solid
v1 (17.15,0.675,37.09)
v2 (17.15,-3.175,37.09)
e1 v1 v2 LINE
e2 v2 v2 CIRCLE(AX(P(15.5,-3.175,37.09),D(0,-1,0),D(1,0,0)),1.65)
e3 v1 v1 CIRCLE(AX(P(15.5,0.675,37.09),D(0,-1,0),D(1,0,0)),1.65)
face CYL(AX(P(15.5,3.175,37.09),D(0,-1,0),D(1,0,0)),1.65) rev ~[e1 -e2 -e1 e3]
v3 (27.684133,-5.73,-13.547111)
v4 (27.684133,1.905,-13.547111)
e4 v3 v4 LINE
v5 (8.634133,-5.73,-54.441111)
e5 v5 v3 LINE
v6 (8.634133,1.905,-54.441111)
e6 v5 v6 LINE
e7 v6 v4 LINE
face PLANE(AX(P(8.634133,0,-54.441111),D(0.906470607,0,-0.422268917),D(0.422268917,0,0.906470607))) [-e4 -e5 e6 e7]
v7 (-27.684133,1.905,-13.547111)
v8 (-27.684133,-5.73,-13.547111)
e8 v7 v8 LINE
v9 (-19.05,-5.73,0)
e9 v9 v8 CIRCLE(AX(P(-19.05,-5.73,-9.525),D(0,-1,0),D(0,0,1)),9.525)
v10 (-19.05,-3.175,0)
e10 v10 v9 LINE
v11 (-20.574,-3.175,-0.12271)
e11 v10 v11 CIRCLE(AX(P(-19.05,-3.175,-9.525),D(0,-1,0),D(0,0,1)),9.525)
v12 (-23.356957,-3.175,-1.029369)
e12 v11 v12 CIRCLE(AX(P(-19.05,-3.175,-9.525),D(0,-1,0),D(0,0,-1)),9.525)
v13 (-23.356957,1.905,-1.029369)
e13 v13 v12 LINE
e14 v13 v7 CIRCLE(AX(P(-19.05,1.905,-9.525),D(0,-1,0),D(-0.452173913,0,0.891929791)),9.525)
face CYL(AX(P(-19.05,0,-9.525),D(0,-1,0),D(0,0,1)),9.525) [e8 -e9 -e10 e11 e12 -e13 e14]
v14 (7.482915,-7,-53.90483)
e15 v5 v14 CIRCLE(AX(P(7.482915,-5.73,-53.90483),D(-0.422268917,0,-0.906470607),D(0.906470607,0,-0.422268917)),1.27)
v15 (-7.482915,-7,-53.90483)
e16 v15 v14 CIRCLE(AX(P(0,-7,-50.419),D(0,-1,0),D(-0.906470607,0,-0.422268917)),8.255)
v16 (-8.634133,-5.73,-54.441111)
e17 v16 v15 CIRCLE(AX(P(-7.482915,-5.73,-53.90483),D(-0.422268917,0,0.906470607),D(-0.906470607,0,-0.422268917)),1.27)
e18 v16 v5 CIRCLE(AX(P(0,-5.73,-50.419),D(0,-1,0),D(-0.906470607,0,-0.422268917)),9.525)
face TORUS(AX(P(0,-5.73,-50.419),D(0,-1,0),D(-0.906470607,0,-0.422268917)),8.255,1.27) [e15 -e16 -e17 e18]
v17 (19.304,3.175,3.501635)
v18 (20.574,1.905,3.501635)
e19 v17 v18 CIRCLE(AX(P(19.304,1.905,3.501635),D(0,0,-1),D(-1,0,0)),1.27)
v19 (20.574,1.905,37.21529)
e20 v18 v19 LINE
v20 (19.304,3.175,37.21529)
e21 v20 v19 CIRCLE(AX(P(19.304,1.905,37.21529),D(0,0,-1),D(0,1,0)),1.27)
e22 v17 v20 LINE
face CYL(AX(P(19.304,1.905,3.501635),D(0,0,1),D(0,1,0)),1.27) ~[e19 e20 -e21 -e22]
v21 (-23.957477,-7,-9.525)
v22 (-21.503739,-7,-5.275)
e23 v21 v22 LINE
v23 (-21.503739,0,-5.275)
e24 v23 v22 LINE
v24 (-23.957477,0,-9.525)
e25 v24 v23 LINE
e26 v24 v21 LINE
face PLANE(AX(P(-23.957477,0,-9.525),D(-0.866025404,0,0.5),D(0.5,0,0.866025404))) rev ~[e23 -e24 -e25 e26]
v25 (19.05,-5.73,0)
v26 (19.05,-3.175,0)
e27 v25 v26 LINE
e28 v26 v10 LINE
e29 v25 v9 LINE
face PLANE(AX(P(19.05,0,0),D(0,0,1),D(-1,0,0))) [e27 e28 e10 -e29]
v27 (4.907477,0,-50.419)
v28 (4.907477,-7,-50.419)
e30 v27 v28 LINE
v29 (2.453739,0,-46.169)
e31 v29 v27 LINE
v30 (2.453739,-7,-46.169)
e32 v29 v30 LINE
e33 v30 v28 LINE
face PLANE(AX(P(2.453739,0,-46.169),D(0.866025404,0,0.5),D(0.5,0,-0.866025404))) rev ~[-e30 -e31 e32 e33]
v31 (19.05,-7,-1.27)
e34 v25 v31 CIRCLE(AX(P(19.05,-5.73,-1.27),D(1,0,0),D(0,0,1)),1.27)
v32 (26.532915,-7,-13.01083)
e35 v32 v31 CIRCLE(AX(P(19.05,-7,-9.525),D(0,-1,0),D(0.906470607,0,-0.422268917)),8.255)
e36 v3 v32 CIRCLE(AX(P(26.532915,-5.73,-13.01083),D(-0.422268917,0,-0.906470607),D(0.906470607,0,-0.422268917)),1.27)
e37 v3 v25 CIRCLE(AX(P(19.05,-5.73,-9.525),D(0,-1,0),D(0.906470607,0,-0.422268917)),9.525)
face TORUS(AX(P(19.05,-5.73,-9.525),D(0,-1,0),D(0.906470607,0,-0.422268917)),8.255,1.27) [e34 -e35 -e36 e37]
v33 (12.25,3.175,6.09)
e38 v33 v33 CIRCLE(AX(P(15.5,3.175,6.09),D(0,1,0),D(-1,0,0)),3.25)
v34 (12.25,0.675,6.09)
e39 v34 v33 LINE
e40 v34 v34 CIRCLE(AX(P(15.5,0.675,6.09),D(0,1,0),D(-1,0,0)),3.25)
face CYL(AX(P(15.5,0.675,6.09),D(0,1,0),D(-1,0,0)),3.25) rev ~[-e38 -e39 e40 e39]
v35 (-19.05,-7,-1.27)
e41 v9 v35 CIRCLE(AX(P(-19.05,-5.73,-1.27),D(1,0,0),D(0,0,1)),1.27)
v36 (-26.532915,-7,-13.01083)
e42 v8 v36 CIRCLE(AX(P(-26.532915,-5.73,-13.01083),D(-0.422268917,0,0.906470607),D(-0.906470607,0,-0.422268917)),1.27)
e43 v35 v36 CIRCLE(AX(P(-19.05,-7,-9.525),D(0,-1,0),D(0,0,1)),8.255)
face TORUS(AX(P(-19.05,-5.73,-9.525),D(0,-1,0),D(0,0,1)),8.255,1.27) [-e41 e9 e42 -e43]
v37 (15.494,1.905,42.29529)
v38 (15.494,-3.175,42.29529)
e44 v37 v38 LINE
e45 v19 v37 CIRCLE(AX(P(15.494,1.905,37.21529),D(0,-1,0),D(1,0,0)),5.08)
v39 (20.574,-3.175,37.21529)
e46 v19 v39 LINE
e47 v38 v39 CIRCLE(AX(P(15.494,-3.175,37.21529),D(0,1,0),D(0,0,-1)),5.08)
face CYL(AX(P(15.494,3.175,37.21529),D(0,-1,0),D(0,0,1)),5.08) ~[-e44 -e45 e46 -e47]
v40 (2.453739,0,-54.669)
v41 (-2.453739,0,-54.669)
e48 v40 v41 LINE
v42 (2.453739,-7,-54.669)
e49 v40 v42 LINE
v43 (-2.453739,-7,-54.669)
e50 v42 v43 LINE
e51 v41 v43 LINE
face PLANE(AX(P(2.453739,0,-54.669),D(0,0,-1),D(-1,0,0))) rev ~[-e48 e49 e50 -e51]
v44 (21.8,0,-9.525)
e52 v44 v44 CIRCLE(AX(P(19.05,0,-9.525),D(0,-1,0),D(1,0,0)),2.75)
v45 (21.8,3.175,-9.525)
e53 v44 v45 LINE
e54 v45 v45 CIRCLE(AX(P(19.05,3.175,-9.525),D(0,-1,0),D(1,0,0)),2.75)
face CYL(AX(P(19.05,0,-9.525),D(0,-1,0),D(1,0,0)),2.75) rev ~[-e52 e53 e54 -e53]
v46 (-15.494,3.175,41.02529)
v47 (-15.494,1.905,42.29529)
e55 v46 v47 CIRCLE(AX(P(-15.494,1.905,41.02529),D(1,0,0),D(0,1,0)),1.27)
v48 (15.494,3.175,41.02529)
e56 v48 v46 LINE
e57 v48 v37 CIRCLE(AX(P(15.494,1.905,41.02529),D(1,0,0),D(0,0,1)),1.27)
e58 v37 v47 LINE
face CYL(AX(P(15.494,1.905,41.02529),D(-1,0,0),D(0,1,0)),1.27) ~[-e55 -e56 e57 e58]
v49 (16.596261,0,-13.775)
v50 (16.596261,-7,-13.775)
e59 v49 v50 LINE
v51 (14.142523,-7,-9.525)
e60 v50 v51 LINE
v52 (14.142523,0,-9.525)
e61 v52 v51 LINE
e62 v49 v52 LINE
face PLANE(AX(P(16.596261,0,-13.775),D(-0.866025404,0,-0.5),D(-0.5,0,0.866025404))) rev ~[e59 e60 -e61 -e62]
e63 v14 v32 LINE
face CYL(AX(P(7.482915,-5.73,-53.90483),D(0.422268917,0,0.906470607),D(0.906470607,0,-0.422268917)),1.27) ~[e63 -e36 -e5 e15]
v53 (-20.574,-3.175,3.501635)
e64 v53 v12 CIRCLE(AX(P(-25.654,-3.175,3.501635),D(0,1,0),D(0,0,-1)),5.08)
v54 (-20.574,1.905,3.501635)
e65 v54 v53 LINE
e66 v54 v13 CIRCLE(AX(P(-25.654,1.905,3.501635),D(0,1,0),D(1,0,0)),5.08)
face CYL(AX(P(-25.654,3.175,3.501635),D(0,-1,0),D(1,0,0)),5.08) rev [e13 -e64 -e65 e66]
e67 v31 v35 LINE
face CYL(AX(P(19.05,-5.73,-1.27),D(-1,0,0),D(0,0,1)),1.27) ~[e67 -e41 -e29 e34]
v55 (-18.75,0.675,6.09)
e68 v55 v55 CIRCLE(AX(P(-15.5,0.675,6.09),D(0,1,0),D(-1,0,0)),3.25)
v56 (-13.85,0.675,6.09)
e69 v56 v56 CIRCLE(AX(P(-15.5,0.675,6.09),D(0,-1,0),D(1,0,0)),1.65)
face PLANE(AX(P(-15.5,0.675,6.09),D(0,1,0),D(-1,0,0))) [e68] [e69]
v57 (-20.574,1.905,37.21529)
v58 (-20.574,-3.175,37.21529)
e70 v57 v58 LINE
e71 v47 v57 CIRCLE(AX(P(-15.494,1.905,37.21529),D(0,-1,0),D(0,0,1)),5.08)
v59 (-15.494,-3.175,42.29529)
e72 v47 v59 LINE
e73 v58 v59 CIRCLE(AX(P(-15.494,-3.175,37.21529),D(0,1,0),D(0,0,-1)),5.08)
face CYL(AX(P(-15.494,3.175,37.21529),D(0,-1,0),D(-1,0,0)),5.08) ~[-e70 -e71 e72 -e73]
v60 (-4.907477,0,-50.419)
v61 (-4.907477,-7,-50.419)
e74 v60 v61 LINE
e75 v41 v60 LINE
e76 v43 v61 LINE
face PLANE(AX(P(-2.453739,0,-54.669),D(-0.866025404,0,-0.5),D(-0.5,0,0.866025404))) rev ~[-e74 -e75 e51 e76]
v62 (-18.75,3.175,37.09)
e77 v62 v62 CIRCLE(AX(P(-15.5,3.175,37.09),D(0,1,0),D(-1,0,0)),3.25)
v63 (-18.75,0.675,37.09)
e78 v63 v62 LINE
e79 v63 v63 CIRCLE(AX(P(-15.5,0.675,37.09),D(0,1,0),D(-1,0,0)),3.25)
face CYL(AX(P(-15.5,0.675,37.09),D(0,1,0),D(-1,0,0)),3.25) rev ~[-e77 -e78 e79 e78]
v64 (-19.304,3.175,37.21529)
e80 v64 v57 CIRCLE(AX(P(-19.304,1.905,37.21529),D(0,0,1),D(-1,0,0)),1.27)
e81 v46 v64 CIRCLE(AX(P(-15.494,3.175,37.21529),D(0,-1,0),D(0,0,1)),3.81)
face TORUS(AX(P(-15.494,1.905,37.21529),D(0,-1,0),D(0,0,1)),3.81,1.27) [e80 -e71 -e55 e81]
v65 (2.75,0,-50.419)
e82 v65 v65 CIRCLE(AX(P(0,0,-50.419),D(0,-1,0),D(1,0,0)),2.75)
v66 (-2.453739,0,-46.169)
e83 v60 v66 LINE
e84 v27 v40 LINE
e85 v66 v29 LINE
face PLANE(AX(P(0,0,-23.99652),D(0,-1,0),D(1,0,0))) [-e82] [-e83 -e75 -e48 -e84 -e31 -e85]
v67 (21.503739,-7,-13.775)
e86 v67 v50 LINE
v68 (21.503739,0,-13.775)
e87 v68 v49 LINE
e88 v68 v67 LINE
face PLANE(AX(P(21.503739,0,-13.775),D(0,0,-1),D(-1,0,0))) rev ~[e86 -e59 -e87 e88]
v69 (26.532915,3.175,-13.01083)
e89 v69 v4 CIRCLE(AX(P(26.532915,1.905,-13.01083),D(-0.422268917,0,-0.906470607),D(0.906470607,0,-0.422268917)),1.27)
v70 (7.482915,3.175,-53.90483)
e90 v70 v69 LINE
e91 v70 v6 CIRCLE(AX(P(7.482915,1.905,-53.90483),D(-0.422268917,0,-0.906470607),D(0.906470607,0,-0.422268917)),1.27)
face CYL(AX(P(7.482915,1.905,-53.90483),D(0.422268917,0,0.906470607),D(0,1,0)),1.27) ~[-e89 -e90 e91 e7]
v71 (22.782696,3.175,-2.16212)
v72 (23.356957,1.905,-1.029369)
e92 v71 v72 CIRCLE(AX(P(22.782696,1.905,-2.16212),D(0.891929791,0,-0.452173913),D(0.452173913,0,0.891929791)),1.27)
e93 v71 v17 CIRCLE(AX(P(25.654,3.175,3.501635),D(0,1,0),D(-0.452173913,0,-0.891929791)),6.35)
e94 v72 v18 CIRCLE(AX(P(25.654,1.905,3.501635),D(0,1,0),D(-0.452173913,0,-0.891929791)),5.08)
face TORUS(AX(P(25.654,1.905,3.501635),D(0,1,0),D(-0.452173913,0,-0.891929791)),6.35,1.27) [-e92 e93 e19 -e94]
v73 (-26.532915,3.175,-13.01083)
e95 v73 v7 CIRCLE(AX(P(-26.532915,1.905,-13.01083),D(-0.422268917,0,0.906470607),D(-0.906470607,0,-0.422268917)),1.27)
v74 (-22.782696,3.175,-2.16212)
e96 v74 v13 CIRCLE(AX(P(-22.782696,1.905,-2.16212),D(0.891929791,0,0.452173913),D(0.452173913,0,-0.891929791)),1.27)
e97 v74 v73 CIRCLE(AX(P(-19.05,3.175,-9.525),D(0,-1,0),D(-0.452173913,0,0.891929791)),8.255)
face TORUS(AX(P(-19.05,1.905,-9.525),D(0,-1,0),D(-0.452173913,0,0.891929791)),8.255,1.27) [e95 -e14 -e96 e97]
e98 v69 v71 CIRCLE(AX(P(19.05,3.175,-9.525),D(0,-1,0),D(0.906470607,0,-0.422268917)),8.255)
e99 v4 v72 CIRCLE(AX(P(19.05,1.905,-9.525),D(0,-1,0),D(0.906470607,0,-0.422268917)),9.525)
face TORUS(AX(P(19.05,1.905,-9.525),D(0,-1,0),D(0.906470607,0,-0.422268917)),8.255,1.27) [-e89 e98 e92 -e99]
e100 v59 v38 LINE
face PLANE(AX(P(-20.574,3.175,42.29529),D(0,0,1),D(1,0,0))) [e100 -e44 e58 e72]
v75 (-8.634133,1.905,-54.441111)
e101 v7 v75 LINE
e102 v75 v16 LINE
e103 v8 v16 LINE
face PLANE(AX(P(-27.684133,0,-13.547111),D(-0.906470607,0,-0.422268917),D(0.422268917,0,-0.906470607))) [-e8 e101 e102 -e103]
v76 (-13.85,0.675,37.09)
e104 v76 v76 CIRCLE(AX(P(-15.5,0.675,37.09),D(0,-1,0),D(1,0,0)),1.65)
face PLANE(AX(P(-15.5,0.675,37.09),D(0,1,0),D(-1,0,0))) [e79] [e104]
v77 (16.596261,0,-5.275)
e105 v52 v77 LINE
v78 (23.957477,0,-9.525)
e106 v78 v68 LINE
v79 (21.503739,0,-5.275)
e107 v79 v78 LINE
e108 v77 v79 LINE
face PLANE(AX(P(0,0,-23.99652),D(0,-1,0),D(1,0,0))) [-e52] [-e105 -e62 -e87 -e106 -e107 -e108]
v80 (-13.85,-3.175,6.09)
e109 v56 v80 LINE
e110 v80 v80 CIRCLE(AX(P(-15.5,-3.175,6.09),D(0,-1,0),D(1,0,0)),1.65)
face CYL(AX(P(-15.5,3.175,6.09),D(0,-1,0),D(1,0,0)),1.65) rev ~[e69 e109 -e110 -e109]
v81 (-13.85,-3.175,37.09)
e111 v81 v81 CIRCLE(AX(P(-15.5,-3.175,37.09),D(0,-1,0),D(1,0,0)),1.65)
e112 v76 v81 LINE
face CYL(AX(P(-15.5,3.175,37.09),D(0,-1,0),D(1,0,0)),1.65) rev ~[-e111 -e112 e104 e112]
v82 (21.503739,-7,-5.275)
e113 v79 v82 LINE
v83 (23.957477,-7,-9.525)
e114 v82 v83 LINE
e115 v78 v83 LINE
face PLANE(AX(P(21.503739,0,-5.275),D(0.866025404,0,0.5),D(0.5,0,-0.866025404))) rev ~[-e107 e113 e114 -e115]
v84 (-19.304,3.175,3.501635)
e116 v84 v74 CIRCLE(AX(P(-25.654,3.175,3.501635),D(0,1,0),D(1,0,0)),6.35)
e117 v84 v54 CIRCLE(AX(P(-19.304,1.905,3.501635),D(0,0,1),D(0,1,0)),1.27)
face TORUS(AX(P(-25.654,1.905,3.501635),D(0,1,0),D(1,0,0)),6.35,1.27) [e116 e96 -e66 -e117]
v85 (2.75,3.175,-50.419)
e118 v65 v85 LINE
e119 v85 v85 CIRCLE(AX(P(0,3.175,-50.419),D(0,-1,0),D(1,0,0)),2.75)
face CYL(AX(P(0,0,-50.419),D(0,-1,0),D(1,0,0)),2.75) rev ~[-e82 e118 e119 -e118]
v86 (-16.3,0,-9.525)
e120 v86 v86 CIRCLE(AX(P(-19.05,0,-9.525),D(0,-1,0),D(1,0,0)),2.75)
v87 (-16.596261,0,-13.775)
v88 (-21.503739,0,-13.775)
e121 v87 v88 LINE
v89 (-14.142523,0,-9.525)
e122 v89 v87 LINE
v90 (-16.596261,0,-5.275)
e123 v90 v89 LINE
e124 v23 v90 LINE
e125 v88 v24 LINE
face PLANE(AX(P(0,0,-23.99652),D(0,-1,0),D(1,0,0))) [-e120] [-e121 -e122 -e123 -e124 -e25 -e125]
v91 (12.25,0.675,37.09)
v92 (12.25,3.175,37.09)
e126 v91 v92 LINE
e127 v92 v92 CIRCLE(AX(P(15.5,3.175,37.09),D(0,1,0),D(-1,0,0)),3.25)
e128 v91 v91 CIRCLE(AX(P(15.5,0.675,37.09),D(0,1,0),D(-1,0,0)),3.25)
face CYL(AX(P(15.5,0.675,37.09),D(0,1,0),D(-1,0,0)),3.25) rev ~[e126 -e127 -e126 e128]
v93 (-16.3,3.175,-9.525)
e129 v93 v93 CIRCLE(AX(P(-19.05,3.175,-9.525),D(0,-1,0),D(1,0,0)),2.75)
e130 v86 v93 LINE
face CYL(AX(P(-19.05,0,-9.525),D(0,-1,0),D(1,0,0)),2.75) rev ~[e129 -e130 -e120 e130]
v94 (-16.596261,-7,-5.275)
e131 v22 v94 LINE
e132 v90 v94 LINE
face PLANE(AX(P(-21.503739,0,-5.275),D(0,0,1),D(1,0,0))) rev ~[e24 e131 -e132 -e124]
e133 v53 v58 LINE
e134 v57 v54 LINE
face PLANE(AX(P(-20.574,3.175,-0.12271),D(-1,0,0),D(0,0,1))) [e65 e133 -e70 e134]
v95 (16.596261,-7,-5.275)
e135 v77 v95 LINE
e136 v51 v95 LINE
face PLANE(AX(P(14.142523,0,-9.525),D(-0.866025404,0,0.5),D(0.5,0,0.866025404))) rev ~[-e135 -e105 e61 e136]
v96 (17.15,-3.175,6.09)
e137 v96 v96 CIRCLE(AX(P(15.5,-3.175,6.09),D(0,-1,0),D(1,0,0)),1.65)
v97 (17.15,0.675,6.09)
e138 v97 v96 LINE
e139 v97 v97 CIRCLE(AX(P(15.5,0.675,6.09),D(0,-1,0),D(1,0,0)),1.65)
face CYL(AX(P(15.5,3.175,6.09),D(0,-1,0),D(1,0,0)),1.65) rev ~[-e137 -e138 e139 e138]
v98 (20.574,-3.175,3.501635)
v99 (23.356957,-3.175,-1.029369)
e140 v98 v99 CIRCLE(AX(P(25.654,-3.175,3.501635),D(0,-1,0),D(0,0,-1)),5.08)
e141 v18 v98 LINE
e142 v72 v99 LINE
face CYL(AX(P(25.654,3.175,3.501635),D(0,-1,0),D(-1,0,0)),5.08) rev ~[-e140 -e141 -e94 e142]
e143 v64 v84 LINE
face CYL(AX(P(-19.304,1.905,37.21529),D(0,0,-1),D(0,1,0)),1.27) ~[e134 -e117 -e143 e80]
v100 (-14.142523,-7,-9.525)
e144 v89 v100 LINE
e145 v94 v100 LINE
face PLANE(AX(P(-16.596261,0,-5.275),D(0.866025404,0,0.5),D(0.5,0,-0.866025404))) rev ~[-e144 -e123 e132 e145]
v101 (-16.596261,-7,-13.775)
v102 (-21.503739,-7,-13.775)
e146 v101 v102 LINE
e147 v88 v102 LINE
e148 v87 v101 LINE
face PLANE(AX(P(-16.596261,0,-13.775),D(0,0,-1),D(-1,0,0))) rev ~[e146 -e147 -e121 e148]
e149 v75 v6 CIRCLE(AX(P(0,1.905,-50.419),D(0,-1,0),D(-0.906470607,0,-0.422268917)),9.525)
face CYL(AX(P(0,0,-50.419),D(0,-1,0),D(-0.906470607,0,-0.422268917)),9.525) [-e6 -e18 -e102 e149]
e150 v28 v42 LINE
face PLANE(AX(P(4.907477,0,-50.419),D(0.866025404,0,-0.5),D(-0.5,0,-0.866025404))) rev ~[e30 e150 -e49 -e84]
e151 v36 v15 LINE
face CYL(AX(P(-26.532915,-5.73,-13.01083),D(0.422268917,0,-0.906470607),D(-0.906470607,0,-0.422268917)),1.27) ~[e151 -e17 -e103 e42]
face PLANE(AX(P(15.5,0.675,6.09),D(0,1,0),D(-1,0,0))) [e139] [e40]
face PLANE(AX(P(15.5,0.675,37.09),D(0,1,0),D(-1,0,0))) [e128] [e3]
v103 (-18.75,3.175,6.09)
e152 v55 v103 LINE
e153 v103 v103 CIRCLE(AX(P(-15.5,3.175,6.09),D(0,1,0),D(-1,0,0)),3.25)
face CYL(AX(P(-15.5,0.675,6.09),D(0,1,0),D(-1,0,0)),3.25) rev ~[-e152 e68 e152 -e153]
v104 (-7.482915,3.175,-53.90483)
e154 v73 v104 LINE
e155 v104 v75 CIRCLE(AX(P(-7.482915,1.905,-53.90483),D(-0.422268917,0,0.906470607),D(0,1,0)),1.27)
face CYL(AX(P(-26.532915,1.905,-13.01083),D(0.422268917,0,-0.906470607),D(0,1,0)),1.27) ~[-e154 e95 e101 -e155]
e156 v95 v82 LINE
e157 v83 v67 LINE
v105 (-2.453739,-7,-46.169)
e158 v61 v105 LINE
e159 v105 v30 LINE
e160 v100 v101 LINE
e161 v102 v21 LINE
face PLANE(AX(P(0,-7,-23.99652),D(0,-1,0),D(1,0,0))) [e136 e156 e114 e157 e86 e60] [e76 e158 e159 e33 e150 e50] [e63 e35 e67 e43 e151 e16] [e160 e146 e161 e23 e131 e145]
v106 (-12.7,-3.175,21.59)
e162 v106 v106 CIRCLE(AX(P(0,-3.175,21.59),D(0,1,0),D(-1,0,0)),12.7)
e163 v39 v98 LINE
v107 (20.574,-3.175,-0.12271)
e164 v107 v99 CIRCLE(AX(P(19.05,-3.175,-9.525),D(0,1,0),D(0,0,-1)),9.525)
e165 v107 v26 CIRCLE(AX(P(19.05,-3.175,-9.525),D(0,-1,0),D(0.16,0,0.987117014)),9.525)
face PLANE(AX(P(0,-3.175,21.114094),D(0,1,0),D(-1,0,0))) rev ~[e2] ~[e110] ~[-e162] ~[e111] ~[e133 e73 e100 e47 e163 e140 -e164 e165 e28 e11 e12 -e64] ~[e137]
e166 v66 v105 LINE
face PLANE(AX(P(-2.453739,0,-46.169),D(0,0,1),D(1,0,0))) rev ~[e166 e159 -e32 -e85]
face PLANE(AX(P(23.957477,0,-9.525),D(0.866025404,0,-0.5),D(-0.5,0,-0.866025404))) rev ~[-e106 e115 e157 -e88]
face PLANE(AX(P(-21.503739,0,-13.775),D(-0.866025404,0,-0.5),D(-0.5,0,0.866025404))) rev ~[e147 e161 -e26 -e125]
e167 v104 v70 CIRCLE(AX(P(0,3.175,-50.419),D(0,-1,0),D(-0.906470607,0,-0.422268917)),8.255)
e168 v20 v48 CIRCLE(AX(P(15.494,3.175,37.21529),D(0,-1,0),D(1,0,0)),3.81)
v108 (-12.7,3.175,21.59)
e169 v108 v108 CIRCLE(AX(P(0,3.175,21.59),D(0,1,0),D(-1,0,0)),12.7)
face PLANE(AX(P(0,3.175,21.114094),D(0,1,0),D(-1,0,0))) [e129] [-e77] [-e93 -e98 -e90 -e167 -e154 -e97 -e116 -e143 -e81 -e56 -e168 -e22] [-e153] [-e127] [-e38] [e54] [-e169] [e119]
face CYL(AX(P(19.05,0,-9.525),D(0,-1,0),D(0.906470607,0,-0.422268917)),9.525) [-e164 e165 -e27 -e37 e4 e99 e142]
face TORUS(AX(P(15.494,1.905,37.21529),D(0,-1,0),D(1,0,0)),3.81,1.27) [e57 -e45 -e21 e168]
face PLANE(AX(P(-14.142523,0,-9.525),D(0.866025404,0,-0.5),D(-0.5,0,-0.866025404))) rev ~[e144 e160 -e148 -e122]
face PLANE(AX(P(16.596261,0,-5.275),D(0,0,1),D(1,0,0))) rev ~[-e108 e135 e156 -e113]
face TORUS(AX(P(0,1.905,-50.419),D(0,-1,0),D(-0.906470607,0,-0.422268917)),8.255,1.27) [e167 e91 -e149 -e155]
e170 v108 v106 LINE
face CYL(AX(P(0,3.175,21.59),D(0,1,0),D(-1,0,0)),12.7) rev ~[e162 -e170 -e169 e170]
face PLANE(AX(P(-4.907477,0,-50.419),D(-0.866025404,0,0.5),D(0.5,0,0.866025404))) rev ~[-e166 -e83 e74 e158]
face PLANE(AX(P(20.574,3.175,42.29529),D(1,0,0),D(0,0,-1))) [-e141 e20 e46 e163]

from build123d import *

# Parameters (mm, degrees)
F1_DEPTH       = 7
F0_R           = 2.75
F2_DEPTH       = 3.175
F3_R           = 12.7
F4_DEPTH       = 6.35
F5_D           = 3.3
F5_CBORE_D     = 6.5
F5_CBORE_DEPTH = 2.5
F6_R           = 5.08
F7_R           = 1.27


with BuildPart() as f1:
    # F0 (on Front) → F1 (new body)
    with BuildSketch(Plane.XZ):
        with BuildLine():
            Line((19.05, 0), (-19.05, 0))
            ThreePointArc((-19.05, 0), (-27.0823171118, -4.4056732068), (-27.6841325359, -13.5471114297))
            Line((-27.6841325359, -13.5471114297), (-8.6341325359, -54.4411114297))
            ThreePointArc((-8.6341325359, -54.4411114297), (0, -59.944), (8.6341325359, -54.4411114297))
            Line((8.6341325359, -54.4411114297), (27.6841325359, -13.5471114297))
            ThreePointArc((27.6841325359, -13.5471114297), (27.0823171118, -4.4056732068), (19.05, 0))
        make_face()
        Polygon((4.9074772881, -50.419), (2.4537386441, -54.669), (-2.4537386441, -54.669), (-4.9074772881, -50.419), (-2.4537386441, -46.169), (2.4537386441, -46.169), align=None, mode=Mode.SUBTRACT)
        Polygon((-14.1425227119, -9.525), (-16.5962613559, -13.775), (-21.5037386441, -13.775), (-23.9574772881, -9.525), (-21.5037386441, -5.275), (-16.5962613559, -5.275), align=None, mode=Mode.SUBTRACT)
        Polygon((23.9574772881, -9.525), (21.5037386441, -13.775), (16.5962613559, -13.775), (14.1425227119, -9.525), (16.5962613559, -5.275), (21.5037386441, -5.275), align=None, mode=Mode.SUBTRACT)
    extrude(amount=F1_DEPTH)

    # F0 (on Front) → F2 (join)
    with BuildSketch(Plane.XZ):
        with BuildLine():
            Line((19.05, 0), (-19.05, 0))
            ThreePointArc((-19.05, 0), (-27.0823171118, -4.4056732068), (-27.6841325359, -13.5471114297))
            Line((-27.6841325359, -13.5471114297), (-8.6341325359, -54.4411114297))
            ThreePointArc((-8.6341325359, -54.4411114297), (0, -59.944), (8.6341325359, -54.4411114297))
            Line((8.6341325359, -54.4411114297), (27.6841325359, -13.5471114297))
            ThreePointArc((27.6841325359, -13.5471114297), (27.0823171118, -4.4056732068), (19.05, 0))
        make_face()
        Polygon((4.9074772881, -50.419), (2.4537386441, -54.669), (-2.4537386441, -54.669), (-4.9074772881, -50.419), (-2.4537386441, -46.169), (2.4537386441, -46.169), align=None, mode=Mode.SUBTRACT)
        Polygon((-14.1425227119, -9.525), (-16.5962613559, -13.775), (-21.5037386441, -13.775), (-23.9574772881, -9.525), (-21.5037386441, -5.275), (-16.5962613559, -5.275), align=None, mode=Mode.SUBTRACT)
        Polygon((23.9574772881, -9.525), (21.5037386441, -13.775), (16.5962613559, -13.775), (14.1425227119, -9.525), (16.5962613559, -5.275), (21.5037386441, -5.275), align=None, mode=Mode.SUBTRACT)
        Polygon((16.5962613559, -13.775), (21.5037386441, -13.775), (23.9574772881, -9.525), (21.5037386441, -5.275), (16.5962613559, -5.275), (14.1425227119, -9.525), align=None)
        with Locations((19.05, -9.525)):
            Circle(F0_R, mode=Mode.SUBTRACT)
        Polygon((-21.5037386441, -13.775), (-16.5962613559, -13.775), (-14.1425227119, -9.525), (-16.5962613559, -5.275), (-21.5037386441, -5.275), (-23.9574772881, -9.525), align=None)
        with Locations((-19.05, -9.525)):
            Circle(F0_R, mode=Mode.SUBTRACT)
        Polygon((-2.4537386441, -54.669), (2.4537386441, -54.669), (4.9074772881, -50.419), (2.4537386441, -46.169), (-2.4537386441, -46.169), (-4.9074772881, -50.419), align=None)
        with Locations((0, -50.419)):
            Circle(F0_R, mode=Mode.SUBTRACT)
    extrude(amount=-F2_DEPTH)

    # F3 (on face) → F4 (join)
    with BuildSketch(Plane(origin=(0, 3.175, 0), x_dir=(-1, 0, 0), z_dir=(0, 1, 0))):
        with BuildLine():
            Line((20.574, -0.1227104384), (20.574, 42.2952895616))
            Line((20.574, 42.2952895616), (-20.574, 42.2952895616))
            Line((-20.574, 42.2952895616), (-20.574, -0.1227104384))
            ThreePointArc((-20.574, -0.1227104384), (-19.8144661294, -0.0307271718), (-19.05, 0))
            Line((-19.05, 0), (19.05, 0))
            ThreePointArc((19.05, 0), (19.8144661294, -0.0307271718), (20.574, -0.1227104384))
        make_face()
        with Locations((0, 21.59)):
            Circle(F3_R, mode=Mode.SUBTRACT)
    extrude(amount=-F4_DEPTH)

    # F5 (through all)
    with Locations(Plane(origin=(0, 3.175, 0), x_dir=(-1, 0, 0), z_dir=(0, 1, 0))):
        with Locations((-15.5, 37.09), (15.5, 37.09), (15.5, 6.09), (-15.5, 6.09)):
            CounterBoreHole(F5_D / 2, F5_CBORE_D / 2, F5_CBORE_DEPTH)

    # F6
    f6_edges = [f1.edges().sort_by_distance(p)[0] for p in [
        (20.574, 0, 42.29529),
        (-20.574, 0, 42.29529),
        (-20.574, 0, -0.12271),
        (20.574, 0, -0.12271),
    ]]
    fillet(f6_edges, radius=F6_R)

    # F7
    f7_edges = [f1.edges().sort_by_distance(p)[0] for p in [
        (28.052301, 3.175, -6.413054),
        (18.159133, -7, -33.994111),
    ]]
    fillet(f7_edges, radius=F7_R)


solid = f1.part
